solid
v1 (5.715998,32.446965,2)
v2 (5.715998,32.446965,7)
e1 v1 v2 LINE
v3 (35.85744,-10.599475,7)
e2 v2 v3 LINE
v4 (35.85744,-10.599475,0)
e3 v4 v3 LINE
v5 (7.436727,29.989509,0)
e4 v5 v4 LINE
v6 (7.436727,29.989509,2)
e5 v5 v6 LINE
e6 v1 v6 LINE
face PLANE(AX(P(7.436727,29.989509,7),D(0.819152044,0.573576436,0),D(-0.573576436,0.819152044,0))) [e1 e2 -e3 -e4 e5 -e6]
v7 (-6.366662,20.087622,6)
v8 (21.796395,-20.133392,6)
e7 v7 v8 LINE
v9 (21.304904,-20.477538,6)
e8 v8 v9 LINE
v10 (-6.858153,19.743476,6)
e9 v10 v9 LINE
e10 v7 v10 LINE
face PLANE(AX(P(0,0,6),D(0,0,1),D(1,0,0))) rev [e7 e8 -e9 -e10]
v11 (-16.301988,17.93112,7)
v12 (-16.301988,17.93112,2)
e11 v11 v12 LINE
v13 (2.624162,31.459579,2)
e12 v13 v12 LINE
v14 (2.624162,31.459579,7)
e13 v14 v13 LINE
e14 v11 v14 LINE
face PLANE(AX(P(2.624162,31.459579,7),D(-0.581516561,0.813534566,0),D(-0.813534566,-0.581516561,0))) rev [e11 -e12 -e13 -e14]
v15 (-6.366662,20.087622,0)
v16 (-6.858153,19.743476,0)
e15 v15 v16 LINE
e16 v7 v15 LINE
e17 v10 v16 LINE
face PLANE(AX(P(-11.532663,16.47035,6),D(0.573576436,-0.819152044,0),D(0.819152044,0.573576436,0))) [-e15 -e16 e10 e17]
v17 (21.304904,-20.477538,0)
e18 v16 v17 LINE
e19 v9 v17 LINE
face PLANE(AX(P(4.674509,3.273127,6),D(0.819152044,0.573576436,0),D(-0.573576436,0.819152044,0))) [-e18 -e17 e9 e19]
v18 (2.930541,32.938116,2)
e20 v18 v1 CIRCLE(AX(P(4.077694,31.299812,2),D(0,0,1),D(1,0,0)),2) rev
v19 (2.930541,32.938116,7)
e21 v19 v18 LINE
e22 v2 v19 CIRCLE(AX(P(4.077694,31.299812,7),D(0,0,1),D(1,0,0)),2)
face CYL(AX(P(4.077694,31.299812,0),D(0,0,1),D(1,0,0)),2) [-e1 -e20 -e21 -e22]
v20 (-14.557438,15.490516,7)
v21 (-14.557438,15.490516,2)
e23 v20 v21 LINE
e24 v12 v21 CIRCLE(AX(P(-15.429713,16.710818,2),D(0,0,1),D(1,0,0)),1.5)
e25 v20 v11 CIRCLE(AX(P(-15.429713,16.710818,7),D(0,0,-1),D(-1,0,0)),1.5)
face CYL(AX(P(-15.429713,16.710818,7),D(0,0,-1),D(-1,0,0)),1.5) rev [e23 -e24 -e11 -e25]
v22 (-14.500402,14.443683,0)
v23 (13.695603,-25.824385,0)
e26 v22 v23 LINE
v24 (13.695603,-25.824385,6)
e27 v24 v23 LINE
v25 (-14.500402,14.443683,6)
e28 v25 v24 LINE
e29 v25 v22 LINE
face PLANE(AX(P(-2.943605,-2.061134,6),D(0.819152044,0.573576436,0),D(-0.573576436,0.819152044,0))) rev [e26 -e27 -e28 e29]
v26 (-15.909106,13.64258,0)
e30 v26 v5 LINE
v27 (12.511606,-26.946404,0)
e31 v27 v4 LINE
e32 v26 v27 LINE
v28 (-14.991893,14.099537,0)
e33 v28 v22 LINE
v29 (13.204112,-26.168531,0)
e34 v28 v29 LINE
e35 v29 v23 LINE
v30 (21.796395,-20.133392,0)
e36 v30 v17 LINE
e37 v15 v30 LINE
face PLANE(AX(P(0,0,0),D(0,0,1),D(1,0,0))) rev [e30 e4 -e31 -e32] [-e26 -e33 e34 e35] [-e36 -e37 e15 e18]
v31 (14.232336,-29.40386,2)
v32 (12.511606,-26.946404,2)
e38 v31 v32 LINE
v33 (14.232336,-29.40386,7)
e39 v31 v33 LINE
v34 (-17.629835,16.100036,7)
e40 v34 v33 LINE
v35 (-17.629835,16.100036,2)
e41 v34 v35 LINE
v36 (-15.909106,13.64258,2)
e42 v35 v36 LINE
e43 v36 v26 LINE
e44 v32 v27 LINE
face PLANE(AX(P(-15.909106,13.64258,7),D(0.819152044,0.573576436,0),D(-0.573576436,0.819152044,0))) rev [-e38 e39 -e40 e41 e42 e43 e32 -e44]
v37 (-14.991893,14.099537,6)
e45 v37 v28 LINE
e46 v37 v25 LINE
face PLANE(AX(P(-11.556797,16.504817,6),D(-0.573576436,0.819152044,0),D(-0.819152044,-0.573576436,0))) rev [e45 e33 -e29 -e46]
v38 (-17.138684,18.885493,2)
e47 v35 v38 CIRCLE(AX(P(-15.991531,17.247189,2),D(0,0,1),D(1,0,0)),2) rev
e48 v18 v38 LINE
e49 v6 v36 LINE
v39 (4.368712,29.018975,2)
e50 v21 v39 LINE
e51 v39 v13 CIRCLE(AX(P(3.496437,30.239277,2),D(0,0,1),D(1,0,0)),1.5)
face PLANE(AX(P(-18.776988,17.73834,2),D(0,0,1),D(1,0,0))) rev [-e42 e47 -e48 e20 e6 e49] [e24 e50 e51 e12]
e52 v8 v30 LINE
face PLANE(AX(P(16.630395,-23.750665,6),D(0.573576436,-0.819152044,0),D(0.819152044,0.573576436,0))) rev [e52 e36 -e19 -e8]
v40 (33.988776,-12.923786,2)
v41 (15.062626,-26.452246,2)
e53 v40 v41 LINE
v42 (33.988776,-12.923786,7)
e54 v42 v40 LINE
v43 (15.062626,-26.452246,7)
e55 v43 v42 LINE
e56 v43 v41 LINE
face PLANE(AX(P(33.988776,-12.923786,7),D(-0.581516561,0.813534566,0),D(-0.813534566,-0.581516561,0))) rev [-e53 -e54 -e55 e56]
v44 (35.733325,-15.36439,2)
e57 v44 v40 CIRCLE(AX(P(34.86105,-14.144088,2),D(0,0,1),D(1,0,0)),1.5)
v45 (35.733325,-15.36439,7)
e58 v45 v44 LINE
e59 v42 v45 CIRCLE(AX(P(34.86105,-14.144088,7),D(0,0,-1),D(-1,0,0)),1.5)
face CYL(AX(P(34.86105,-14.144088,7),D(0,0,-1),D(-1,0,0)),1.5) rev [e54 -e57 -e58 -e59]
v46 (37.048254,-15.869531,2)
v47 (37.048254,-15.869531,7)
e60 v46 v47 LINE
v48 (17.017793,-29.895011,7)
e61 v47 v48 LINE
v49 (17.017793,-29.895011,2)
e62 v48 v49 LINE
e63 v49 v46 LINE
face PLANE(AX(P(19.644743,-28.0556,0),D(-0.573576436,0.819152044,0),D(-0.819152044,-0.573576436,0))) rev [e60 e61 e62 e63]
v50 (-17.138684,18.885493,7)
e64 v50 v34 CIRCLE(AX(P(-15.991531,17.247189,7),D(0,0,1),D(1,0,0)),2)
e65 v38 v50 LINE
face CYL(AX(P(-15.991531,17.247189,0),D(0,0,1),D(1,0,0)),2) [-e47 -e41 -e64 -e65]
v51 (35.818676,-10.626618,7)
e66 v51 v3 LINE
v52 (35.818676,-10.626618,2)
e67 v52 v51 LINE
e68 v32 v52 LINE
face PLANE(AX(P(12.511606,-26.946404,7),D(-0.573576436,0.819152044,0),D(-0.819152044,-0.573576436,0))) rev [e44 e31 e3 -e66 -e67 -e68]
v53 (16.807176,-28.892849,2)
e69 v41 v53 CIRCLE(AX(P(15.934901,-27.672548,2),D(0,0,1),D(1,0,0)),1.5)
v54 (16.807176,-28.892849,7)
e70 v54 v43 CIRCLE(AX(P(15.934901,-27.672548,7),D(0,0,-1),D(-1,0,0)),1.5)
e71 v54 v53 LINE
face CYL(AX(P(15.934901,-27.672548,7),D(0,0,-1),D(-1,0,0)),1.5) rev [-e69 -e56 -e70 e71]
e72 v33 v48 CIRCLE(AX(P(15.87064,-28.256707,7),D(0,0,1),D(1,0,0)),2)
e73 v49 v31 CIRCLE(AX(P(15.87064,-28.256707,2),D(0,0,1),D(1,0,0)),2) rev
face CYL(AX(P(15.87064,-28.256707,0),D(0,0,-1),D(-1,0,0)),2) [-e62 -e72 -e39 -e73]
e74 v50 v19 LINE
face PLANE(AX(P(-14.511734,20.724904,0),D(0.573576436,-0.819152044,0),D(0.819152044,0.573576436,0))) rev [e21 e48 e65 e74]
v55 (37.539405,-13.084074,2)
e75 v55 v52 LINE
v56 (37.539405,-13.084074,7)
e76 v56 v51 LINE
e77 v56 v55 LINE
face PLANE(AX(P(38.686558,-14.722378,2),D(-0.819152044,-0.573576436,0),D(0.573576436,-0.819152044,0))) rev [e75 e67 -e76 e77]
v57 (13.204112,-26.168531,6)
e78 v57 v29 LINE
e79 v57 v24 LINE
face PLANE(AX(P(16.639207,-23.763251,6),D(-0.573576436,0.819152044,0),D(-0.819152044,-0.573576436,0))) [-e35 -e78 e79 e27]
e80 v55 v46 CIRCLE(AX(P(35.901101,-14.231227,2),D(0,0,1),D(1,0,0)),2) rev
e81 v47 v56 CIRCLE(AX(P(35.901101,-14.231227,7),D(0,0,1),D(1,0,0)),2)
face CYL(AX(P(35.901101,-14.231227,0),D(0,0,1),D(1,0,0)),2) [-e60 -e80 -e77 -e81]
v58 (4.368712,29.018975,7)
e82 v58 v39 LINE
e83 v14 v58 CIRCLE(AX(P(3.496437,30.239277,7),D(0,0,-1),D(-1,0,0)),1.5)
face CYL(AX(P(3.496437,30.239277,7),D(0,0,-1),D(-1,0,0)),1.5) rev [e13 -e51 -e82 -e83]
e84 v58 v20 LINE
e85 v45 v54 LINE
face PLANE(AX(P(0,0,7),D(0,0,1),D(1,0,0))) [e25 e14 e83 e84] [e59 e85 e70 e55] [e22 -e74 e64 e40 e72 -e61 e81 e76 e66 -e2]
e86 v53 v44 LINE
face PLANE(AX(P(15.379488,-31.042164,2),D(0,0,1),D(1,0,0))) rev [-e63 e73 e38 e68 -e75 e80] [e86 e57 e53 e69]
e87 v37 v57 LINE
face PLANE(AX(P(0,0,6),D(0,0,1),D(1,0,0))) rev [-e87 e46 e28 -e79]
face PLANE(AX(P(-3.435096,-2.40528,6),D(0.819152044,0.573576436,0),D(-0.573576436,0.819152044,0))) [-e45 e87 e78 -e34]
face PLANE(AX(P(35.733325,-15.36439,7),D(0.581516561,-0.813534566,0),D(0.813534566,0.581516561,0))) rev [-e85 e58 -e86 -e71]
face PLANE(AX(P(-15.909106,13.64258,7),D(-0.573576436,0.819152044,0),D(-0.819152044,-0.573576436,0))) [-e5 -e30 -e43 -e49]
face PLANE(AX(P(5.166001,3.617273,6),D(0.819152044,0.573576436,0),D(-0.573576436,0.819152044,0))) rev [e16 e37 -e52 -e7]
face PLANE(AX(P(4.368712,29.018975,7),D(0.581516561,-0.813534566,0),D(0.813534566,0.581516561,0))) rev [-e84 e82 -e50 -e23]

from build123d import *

# Parameters (mm, degrees)
ESTRUSIONE_ESTRUSIONE1_DEPTH  = 7
TAGLIO_ESTRUSIONE1_DEPTH      = 6
SCHIZZO3_W                    = 16
SCHIZZO3_H                    = 7
ESTRUSIONE_ESTRUSIONE2_DEPTH  = 49.55
SCHIZZO6_W                    = 28.452677992
SCHIZZO6_H                    = 5
ESTRUSIONE_ESTRUSIONE5_DEPTH  = 5
SCHIZZO7_W                    = 28.5
SCHIZZO7_H                    = 5
ESTRUSIONE_ESTRUSIONE6_DEPTH  = 5
TAGLIO_ESTRUSIONE8_DEPTH      = 52.802078251
TAGLIO_ESTRUSIONE8_DEPTH_BACK = 52.802078251
RACCORDO1_R                   = 2


with BuildPart() as part:
    # Schizzo1 → Estrusione-Estrusione1 (new body)
    with BuildSketch(Plane.XY):
        Polygon((-15.909106105, 13.642580206), (-5.669705551, 20.812285661), (22.75100687, -19.776698134), (12.511606316, -26.946403588), align=None)
    extrude(amount=ESTRUSIONE_ESTRUSIONE1_DEPTH)

    # Schizzo1<3> → Taglio-Estrusione1 (cut)
    with BuildSketch(Plane.XY):
        Polygon((-14.500401843, 14.443682773), (13.695602758, -25.824384995), (13.204111531, -26.168530857), (-14.991893069, 14.099536911), align=None)
        Polygon((-6.36666227, 20.087622092), (-6.858153497, 19.74347623), (21.304903969, -20.477538154), (21.796395196, -20.133392292), align=None)
    extrude(amount=TAGLIO_ESTRUSIONE1_DEPTH, mode=Mode.SUBTRACT)

    # Schizzo3 → Estrusione-Estrusione2 (add)
    with BuildSketch(Plane(origin=(16.77686077, -23.959840268, 0), x_dir=(-0.8191520442889922, -0.5735764363510456, 0), z_dir=(0.5735764363510455, -0.8191520442889921, 0))):
        with Locations((-15.293085749, -3.5)):
            Rectangle(SCHIZZO3_W, SCHIZZO3_H)
    extrude(amount=-ESTRUSIONE_ESTRUSIONE2_DEPTH)

    # Schizzo6 → Estrusione-Estrusione5 (add)
    with BuildSketch(Plane(origin=(16.77686077, -23.959840268, 0), x_dir=(-0.8191520442889922, -0.5735764363510456, 0), z_dir=(0.5735764363510455, -0.8191520442889921, 0))):
        with Locations((-9.019424745, -4.5)):
            Rectangle(SCHIZZO6_W, SCHIZZO6_H)
    extrude(amount=ESTRUSIONE_ESTRUSIONE5_DEPTH)

    # Schizzo7 → Estrusione-Estrusione6 (add)
    with BuildSketch(Plane(origin=(-11.643851652, 16.629143527, 0), x_dir=(0.8191520442889902, 0.5735764363510484, 0), z_dir=(-0.5735764363510484, 0.8191520442889902, 0))):
        with Locations((9.043085749, -4.5)):
            Rectangle(SCHIZZO7_W, SCHIZZO7_H)
    extrude(amount=ESTRUSIONE_ESTRUSIONE6_DEPTH)

    # Schizzo8 → Taglio-Estrusione8 (cut, two sides: drawn at the far end of the back side and taken through both)
    with BuildSketch(Plane(origin=(0, 0, 2), x_dir=(-1, 0, 0), z_dir=(0, 0, -1)).offset(-TAGLIO_ESTRUSIONE8_DEPTH_BACK)):
        with BuildLine():
            Line((-33.988775508, -12.923786256), (-15.062626046, -26.452245662))
            ThreePointArc((-15.062626046, -26.452245662), (-14.714599039, -28.544822352), (-16.807175729, -28.892849359))
            Line((-16.807175729, -28.892849359), (-35.733325191, -15.364389953))
            ThreePointArc((-35.733325191, -15.364389953), (-36.081352198, -13.271813263), (-33.988775508, -12.923786256))
        make_face()
        with BuildLine():
            Line((-2.62416195, 31.45957899), (16.301987512, 17.931119584))
            ThreePointArc((16.301987512, 17.931119584), (16.650014519, 15.838542895), (14.55743783, 15.490515888))
            Line((14.55743783, 15.490515888), (-4.368711632, 29.018975294))
            ThreePointArc((-4.368711632, 29.018975294), (-4.71673864, 31.111551983), (-2.62416195, 31.45957899))
        make_face()
    extrude(amount=TAGLIO_ESTRUSIONE8_DEPTH + TAGLIO_ESTRUSIONE8_DEPTH_BACK, mode=Mode.SUBTRACT)

    # Raccordo1
    raccordo1_edges = [part.edges().sort_by_distance(p)[0] for p in [
        (15.379488498, -31.04216381, 4.5),
        (38.686557841, -14.722378162, 4.5),
        (-18.776988287, 17.738340428, 4.5),
        (4.568844976, 34.085268864, 4.5),
    ]]
    fillet(raccordo1_edges, radius=RACCORDO1_R)


solid = part.part
